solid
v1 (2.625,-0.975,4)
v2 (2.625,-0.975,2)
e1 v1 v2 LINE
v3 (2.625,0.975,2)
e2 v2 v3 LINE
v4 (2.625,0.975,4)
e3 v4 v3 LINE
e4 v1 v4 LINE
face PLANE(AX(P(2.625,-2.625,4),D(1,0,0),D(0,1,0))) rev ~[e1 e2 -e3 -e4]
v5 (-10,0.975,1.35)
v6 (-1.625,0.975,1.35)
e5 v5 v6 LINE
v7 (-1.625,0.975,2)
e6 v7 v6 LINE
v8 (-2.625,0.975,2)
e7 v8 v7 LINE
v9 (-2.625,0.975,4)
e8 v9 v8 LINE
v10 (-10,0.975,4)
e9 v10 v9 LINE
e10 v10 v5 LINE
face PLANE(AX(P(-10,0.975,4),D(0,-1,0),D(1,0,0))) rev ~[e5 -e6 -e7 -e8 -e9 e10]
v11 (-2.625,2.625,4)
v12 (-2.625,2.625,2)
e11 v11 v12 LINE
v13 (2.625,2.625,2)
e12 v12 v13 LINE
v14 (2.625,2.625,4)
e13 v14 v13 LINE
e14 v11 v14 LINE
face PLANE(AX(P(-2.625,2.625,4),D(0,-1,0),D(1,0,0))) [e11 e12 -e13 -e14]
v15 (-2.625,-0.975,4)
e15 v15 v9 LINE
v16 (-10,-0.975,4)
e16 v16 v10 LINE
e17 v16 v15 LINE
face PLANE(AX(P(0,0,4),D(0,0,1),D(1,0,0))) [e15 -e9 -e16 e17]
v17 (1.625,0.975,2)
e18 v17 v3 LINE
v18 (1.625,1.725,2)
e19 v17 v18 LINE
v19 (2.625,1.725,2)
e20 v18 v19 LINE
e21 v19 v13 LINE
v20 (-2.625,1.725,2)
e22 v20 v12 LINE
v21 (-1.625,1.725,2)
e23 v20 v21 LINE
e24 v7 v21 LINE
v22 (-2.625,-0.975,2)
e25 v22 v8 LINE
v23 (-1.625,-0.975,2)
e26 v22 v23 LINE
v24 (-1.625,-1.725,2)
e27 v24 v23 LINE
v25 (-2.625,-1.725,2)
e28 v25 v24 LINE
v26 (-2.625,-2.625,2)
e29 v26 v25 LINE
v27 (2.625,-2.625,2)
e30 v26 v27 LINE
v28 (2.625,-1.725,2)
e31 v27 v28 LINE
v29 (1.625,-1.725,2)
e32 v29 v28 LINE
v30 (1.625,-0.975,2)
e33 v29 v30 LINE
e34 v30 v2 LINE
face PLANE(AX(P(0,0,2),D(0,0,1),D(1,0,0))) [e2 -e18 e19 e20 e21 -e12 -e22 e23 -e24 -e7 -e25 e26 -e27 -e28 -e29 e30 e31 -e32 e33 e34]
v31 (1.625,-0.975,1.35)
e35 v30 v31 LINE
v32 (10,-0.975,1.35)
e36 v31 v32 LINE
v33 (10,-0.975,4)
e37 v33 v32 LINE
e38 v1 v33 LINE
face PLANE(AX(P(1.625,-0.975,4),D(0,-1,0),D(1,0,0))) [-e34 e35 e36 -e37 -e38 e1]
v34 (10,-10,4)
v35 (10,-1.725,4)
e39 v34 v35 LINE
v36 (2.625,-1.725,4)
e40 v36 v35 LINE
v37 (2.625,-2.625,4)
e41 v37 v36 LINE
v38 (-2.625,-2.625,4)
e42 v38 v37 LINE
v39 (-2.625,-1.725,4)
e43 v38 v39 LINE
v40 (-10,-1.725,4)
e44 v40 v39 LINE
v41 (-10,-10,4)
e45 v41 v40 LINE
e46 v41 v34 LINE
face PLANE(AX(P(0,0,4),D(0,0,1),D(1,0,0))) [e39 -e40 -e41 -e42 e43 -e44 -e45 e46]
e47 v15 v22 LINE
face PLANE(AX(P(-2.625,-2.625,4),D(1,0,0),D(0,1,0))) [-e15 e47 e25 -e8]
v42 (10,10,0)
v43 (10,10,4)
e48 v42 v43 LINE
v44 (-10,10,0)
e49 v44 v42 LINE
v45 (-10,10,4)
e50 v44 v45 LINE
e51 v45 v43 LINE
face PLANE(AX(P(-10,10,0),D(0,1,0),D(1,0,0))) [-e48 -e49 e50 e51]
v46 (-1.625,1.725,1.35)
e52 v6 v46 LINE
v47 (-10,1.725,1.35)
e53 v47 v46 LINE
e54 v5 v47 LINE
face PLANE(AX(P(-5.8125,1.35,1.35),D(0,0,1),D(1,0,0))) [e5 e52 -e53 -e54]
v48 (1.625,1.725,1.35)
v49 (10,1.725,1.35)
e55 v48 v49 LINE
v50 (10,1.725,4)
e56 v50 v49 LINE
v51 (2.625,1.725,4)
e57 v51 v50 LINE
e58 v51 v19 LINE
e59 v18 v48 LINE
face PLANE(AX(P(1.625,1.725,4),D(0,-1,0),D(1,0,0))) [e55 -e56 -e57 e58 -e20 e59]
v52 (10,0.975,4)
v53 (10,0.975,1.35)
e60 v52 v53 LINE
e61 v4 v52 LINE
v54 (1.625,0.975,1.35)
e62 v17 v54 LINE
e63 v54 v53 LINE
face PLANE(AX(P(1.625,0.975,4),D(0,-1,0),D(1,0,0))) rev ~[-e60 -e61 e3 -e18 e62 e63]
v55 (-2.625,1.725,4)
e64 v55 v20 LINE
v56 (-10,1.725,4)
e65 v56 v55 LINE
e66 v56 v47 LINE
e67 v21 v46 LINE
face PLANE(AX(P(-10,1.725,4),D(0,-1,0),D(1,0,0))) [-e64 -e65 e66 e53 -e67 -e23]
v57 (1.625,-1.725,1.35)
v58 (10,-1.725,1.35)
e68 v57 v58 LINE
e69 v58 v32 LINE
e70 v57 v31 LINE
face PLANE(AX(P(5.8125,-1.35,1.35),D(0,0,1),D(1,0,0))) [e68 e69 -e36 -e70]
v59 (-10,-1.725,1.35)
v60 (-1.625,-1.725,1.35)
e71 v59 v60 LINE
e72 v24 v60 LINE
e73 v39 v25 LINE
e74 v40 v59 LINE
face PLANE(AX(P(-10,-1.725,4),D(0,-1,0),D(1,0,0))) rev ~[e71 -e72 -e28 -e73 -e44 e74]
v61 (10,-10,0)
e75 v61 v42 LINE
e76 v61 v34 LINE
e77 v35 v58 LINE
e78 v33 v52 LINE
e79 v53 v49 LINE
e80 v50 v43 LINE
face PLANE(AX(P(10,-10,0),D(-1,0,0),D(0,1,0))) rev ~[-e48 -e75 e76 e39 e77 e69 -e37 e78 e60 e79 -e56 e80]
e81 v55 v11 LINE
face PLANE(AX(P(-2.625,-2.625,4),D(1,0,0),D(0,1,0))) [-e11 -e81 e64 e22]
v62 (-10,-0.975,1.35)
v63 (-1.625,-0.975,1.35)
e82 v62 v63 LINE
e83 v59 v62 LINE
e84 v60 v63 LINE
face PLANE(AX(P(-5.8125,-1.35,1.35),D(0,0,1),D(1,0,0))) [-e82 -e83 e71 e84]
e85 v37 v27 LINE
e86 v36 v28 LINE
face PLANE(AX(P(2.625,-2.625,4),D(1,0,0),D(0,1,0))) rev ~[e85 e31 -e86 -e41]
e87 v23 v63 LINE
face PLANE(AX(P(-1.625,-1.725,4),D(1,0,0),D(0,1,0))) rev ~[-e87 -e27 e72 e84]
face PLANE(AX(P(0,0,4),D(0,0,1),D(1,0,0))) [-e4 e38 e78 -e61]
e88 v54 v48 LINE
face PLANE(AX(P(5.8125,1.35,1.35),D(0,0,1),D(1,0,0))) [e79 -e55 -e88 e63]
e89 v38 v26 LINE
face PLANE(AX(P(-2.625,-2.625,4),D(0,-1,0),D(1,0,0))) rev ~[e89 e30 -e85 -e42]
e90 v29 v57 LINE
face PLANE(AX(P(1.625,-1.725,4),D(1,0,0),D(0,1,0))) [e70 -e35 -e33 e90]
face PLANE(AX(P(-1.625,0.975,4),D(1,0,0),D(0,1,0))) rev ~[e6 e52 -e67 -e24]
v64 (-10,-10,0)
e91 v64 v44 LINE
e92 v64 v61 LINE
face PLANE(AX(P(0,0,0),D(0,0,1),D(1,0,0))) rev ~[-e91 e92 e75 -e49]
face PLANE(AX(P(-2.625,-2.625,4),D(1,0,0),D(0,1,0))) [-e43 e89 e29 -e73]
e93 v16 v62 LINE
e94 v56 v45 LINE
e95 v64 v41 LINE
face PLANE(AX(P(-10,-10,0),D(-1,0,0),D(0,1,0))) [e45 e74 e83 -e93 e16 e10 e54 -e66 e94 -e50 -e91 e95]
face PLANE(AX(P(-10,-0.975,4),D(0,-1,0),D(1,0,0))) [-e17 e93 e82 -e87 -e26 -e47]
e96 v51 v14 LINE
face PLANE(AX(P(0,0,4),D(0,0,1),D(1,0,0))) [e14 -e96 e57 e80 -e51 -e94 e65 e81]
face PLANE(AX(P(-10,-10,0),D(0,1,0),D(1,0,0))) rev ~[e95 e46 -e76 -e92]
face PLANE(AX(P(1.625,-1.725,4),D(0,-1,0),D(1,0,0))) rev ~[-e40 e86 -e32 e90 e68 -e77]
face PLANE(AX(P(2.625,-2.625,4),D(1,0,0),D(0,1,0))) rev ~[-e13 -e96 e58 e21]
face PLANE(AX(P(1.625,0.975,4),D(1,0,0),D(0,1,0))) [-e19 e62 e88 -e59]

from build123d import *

# Parameters (mm, degrees)
F0_W     = 20
F0_H     = 20
F1_DEPTH = 4
F2_W     = 5.25
F2_H     = 5.25
F3_DEPTH = 2
F4_W     = 8.375
F4_H     = 0.75
F5_DEPTH = 2.65


with BuildPart() as f1:
    # F0 (on Top) → F1 (new body)
    with BuildSketch(Plane.XY):
        Rectangle(F0_W, F0_H)
    extrude(amount=F1_DEPTH)

    # F2 (on face) → F3 (cut)
    with BuildSketch(Plane.XY.offset(4)):
        Rectangle(F2_W, F2_H)
    extrude(amount=-F3_DEPTH, mode=Mode.SUBTRACT)

    # F4 (on face) → F5 (cut)
    with BuildSketch(Plane.XY.offset(4)):
        with Locations((-5.8125, 1.35)):
            Rectangle(F4_W, F4_H)
        with Locations((5.8125, 1.35)):
            Rectangle(F4_W, F4_H)
        with Locations((5.8125, -1.35)):
            Rectangle(F4_W, F4_H)
        with Locations((-5.8125, -1.35)):
            Rectangle(F4_W, F4_H)
    extrude(amount=-F5_DEPTH, mode=Mode.SUBTRACT)


solid = f1.part
